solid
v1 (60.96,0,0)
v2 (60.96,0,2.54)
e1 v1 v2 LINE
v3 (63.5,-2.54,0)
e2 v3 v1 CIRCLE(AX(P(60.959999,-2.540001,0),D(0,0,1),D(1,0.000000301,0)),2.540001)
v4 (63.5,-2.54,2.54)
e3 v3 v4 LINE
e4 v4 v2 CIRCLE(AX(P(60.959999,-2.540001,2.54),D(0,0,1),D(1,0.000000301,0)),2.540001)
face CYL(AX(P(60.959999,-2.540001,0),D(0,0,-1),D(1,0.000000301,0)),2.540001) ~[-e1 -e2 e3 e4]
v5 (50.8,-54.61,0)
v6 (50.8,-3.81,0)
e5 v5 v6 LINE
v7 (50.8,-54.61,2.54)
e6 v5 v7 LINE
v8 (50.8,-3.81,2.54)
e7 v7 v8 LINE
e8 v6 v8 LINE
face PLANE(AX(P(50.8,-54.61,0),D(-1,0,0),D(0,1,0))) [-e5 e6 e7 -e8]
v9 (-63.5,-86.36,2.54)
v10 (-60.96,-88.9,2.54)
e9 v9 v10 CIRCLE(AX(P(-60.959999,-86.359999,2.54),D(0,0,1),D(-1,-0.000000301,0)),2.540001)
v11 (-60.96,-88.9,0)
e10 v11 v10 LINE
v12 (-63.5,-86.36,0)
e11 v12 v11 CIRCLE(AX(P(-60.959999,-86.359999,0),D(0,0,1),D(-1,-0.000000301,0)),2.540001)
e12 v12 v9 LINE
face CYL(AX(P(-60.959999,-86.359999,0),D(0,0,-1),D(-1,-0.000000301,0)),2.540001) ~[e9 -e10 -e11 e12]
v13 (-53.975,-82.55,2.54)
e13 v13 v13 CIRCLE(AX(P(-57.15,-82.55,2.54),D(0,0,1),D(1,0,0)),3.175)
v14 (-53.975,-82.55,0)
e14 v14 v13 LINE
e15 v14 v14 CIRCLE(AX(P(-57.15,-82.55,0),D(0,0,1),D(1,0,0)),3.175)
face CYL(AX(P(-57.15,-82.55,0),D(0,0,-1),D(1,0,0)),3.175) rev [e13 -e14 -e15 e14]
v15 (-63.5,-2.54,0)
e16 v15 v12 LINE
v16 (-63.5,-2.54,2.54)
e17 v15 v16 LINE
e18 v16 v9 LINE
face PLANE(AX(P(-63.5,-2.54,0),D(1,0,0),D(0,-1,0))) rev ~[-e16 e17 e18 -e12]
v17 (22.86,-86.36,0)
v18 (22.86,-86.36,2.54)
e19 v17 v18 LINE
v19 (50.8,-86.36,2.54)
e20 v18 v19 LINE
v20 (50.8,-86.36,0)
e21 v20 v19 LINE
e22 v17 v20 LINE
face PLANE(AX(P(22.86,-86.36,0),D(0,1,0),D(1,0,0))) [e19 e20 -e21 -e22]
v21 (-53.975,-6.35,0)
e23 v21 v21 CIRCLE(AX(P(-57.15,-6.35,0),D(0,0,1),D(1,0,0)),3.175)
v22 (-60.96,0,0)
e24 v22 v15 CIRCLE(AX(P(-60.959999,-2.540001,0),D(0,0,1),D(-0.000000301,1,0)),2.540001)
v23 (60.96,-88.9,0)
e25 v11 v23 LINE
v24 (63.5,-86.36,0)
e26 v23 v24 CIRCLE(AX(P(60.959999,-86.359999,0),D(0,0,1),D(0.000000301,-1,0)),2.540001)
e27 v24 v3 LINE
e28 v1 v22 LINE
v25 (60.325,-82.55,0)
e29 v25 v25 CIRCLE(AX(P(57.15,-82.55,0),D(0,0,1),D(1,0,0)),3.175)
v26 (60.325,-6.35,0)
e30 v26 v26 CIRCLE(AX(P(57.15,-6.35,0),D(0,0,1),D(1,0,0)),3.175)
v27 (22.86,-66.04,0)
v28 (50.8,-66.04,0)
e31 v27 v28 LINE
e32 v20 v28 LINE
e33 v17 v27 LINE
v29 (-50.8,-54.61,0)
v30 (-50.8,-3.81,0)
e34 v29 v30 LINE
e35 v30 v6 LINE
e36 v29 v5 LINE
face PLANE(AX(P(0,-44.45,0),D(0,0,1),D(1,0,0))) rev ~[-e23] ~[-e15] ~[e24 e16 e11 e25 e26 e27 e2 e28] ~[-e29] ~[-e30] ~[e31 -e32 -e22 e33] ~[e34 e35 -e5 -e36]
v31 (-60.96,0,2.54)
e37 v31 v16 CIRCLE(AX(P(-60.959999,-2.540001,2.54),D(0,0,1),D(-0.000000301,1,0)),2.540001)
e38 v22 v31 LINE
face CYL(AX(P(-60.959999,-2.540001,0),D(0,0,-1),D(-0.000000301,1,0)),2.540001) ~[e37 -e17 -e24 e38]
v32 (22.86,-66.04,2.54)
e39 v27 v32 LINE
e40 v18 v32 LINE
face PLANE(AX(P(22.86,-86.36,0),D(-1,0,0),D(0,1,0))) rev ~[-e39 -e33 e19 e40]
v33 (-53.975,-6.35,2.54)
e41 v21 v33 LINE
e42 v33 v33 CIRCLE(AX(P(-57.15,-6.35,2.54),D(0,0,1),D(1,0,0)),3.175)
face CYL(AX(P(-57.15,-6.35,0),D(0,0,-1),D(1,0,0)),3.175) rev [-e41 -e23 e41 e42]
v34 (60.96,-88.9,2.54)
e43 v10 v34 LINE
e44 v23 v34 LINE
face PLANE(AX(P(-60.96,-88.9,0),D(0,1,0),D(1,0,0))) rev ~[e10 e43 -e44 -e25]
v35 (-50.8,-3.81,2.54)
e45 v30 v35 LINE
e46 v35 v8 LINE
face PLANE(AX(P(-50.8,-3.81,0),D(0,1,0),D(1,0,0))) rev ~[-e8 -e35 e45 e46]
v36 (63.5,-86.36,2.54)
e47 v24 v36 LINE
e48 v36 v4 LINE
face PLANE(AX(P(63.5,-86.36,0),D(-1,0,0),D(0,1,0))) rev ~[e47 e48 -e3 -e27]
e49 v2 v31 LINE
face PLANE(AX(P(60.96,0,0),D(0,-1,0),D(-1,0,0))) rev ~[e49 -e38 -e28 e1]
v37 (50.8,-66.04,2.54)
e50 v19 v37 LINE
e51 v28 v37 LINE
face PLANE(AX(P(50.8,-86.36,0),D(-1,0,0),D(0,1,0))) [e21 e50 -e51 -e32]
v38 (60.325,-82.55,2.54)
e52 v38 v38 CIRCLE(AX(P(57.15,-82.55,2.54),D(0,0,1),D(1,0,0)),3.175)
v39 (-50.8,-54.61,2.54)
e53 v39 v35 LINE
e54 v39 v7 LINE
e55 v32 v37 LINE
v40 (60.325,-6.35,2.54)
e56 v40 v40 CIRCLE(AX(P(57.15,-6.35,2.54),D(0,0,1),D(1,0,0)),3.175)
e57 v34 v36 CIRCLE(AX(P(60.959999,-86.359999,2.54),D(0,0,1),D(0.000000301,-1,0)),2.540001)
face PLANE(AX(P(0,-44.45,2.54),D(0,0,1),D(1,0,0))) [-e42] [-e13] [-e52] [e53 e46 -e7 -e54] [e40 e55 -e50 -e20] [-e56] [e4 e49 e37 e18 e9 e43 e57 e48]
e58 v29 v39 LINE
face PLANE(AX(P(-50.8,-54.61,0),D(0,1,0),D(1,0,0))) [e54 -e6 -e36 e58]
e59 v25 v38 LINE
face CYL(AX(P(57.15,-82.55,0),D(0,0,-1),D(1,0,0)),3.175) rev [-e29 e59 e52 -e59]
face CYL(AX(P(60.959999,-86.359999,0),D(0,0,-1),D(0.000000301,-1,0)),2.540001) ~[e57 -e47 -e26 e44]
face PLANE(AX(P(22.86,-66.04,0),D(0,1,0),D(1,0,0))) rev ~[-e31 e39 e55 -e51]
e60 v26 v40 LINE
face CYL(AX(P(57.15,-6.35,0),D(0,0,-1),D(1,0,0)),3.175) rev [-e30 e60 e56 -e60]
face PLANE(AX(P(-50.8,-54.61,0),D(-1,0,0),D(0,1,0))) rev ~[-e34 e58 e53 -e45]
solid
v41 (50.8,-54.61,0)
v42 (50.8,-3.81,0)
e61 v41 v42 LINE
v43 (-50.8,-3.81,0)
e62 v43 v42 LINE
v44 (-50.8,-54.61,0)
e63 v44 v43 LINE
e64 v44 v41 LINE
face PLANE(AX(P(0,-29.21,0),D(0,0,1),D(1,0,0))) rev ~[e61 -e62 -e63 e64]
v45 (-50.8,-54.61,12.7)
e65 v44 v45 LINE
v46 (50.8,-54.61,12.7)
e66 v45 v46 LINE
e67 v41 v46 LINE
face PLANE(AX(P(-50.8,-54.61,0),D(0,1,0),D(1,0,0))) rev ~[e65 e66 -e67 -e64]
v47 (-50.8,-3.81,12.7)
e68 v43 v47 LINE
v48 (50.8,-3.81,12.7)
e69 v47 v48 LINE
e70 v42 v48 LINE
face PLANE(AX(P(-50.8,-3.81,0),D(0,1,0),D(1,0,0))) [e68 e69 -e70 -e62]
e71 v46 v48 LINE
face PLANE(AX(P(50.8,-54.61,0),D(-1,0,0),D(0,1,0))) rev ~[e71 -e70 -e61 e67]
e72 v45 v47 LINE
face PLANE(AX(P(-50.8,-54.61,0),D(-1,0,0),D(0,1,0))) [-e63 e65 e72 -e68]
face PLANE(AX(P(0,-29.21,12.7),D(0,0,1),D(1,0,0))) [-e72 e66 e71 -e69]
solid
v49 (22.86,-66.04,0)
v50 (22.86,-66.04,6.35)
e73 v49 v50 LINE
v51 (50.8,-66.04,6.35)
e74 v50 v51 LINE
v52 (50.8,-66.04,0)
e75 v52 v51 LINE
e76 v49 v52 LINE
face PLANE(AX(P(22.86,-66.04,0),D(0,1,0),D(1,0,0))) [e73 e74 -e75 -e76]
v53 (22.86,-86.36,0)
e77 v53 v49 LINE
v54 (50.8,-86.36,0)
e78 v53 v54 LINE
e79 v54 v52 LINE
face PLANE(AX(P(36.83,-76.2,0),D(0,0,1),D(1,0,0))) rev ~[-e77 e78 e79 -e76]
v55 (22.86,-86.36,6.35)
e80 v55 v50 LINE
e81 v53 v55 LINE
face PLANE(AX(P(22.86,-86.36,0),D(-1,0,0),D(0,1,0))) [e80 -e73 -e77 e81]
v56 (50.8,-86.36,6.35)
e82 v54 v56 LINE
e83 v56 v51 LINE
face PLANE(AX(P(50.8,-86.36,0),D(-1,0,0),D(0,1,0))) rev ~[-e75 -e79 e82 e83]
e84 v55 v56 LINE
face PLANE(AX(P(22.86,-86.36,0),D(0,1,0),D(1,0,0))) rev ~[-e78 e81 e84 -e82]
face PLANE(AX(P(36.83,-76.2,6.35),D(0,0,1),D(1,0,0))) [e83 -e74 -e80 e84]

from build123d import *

# Parameters (mm, degrees)
F0_W     = 101.6
F0_H     = 50.8
F1_DEPTH = 12.7
F0_W_2   = 27.94
F0_H_2   = 20.32
F2_DEPTH = 6.35
F0_R     = 3.175
F3_DEPTH = 2.54


with BuildPart() as f1:
    # F0 (on Top) → F1 (new body)
    with BuildSketch(Plane.XY):
        with Locations((0, -29.21)):
            Rectangle(F0_W, F0_H)
    extrude(amount=F1_DEPTH)


with BuildPart() as f2:
    # F0 (on Top) → F2 (new body)
    with BuildSketch(Plane.XY):
        with Locations((36.83, -76.2)):
            Rectangle(F0_W_2, F0_H_2)
    extrude(amount=F2_DEPTH)


with BuildPart() as f3:
    # F0 (on Top) → F3 (new body)
    with BuildSketch(Plane.XY):
        with BuildLine():
            Line((60.96, 0), (-60.96, 0))
            ThreePointArc((-60.96, 0), (-62.756051, -0.743949), (-63.5, -2.54))
            Line((-63.5, -2.54), (-63.5, -86.36))
            ThreePointArc((-63.5, -86.36), (-62.756051, -88.156051), (-60.96, -88.9))
            Line((-60.96, -88.9), (60.96, -88.9))
            ThreePointArc((60.96, -88.9), (62.756051, -88.156051), (63.5, -86.36))
            Line((63.5, -86.36), (63.5, -2.54))
            ThreePointArc((63.5, -2.54), (62.756051, -0.743949), (60.96, 0))
        make_face()
        with Locations((-57.15, -82.55)):
            Circle(F0_R, mode=Mode.SUBTRACT)
        with Locations((57.15, -82.55)):
            Circle(F0_R, mode=Mode.SUBTRACT)
        with Locations((36.83, -76.2)):
            Rectangle(F0_W_2, F0_H_2, mode=Mode.SUBTRACT)
        with Locations((-57.15, -6.35)):
            Circle(F0_R, mode=Mode.SUBTRACT)
        with Locations((0, -29.21)):
            Rectangle(F0_W, F0_H, mode=Mode.SUBTRACT)
        with Locations((57.15, -6.35)):
            Circle(F0_R, mode=Mode.SUBTRACT)
    extrude(amount=F3_DEPTH)


solid = Compound([f1.part, f2.part, f3.part])
